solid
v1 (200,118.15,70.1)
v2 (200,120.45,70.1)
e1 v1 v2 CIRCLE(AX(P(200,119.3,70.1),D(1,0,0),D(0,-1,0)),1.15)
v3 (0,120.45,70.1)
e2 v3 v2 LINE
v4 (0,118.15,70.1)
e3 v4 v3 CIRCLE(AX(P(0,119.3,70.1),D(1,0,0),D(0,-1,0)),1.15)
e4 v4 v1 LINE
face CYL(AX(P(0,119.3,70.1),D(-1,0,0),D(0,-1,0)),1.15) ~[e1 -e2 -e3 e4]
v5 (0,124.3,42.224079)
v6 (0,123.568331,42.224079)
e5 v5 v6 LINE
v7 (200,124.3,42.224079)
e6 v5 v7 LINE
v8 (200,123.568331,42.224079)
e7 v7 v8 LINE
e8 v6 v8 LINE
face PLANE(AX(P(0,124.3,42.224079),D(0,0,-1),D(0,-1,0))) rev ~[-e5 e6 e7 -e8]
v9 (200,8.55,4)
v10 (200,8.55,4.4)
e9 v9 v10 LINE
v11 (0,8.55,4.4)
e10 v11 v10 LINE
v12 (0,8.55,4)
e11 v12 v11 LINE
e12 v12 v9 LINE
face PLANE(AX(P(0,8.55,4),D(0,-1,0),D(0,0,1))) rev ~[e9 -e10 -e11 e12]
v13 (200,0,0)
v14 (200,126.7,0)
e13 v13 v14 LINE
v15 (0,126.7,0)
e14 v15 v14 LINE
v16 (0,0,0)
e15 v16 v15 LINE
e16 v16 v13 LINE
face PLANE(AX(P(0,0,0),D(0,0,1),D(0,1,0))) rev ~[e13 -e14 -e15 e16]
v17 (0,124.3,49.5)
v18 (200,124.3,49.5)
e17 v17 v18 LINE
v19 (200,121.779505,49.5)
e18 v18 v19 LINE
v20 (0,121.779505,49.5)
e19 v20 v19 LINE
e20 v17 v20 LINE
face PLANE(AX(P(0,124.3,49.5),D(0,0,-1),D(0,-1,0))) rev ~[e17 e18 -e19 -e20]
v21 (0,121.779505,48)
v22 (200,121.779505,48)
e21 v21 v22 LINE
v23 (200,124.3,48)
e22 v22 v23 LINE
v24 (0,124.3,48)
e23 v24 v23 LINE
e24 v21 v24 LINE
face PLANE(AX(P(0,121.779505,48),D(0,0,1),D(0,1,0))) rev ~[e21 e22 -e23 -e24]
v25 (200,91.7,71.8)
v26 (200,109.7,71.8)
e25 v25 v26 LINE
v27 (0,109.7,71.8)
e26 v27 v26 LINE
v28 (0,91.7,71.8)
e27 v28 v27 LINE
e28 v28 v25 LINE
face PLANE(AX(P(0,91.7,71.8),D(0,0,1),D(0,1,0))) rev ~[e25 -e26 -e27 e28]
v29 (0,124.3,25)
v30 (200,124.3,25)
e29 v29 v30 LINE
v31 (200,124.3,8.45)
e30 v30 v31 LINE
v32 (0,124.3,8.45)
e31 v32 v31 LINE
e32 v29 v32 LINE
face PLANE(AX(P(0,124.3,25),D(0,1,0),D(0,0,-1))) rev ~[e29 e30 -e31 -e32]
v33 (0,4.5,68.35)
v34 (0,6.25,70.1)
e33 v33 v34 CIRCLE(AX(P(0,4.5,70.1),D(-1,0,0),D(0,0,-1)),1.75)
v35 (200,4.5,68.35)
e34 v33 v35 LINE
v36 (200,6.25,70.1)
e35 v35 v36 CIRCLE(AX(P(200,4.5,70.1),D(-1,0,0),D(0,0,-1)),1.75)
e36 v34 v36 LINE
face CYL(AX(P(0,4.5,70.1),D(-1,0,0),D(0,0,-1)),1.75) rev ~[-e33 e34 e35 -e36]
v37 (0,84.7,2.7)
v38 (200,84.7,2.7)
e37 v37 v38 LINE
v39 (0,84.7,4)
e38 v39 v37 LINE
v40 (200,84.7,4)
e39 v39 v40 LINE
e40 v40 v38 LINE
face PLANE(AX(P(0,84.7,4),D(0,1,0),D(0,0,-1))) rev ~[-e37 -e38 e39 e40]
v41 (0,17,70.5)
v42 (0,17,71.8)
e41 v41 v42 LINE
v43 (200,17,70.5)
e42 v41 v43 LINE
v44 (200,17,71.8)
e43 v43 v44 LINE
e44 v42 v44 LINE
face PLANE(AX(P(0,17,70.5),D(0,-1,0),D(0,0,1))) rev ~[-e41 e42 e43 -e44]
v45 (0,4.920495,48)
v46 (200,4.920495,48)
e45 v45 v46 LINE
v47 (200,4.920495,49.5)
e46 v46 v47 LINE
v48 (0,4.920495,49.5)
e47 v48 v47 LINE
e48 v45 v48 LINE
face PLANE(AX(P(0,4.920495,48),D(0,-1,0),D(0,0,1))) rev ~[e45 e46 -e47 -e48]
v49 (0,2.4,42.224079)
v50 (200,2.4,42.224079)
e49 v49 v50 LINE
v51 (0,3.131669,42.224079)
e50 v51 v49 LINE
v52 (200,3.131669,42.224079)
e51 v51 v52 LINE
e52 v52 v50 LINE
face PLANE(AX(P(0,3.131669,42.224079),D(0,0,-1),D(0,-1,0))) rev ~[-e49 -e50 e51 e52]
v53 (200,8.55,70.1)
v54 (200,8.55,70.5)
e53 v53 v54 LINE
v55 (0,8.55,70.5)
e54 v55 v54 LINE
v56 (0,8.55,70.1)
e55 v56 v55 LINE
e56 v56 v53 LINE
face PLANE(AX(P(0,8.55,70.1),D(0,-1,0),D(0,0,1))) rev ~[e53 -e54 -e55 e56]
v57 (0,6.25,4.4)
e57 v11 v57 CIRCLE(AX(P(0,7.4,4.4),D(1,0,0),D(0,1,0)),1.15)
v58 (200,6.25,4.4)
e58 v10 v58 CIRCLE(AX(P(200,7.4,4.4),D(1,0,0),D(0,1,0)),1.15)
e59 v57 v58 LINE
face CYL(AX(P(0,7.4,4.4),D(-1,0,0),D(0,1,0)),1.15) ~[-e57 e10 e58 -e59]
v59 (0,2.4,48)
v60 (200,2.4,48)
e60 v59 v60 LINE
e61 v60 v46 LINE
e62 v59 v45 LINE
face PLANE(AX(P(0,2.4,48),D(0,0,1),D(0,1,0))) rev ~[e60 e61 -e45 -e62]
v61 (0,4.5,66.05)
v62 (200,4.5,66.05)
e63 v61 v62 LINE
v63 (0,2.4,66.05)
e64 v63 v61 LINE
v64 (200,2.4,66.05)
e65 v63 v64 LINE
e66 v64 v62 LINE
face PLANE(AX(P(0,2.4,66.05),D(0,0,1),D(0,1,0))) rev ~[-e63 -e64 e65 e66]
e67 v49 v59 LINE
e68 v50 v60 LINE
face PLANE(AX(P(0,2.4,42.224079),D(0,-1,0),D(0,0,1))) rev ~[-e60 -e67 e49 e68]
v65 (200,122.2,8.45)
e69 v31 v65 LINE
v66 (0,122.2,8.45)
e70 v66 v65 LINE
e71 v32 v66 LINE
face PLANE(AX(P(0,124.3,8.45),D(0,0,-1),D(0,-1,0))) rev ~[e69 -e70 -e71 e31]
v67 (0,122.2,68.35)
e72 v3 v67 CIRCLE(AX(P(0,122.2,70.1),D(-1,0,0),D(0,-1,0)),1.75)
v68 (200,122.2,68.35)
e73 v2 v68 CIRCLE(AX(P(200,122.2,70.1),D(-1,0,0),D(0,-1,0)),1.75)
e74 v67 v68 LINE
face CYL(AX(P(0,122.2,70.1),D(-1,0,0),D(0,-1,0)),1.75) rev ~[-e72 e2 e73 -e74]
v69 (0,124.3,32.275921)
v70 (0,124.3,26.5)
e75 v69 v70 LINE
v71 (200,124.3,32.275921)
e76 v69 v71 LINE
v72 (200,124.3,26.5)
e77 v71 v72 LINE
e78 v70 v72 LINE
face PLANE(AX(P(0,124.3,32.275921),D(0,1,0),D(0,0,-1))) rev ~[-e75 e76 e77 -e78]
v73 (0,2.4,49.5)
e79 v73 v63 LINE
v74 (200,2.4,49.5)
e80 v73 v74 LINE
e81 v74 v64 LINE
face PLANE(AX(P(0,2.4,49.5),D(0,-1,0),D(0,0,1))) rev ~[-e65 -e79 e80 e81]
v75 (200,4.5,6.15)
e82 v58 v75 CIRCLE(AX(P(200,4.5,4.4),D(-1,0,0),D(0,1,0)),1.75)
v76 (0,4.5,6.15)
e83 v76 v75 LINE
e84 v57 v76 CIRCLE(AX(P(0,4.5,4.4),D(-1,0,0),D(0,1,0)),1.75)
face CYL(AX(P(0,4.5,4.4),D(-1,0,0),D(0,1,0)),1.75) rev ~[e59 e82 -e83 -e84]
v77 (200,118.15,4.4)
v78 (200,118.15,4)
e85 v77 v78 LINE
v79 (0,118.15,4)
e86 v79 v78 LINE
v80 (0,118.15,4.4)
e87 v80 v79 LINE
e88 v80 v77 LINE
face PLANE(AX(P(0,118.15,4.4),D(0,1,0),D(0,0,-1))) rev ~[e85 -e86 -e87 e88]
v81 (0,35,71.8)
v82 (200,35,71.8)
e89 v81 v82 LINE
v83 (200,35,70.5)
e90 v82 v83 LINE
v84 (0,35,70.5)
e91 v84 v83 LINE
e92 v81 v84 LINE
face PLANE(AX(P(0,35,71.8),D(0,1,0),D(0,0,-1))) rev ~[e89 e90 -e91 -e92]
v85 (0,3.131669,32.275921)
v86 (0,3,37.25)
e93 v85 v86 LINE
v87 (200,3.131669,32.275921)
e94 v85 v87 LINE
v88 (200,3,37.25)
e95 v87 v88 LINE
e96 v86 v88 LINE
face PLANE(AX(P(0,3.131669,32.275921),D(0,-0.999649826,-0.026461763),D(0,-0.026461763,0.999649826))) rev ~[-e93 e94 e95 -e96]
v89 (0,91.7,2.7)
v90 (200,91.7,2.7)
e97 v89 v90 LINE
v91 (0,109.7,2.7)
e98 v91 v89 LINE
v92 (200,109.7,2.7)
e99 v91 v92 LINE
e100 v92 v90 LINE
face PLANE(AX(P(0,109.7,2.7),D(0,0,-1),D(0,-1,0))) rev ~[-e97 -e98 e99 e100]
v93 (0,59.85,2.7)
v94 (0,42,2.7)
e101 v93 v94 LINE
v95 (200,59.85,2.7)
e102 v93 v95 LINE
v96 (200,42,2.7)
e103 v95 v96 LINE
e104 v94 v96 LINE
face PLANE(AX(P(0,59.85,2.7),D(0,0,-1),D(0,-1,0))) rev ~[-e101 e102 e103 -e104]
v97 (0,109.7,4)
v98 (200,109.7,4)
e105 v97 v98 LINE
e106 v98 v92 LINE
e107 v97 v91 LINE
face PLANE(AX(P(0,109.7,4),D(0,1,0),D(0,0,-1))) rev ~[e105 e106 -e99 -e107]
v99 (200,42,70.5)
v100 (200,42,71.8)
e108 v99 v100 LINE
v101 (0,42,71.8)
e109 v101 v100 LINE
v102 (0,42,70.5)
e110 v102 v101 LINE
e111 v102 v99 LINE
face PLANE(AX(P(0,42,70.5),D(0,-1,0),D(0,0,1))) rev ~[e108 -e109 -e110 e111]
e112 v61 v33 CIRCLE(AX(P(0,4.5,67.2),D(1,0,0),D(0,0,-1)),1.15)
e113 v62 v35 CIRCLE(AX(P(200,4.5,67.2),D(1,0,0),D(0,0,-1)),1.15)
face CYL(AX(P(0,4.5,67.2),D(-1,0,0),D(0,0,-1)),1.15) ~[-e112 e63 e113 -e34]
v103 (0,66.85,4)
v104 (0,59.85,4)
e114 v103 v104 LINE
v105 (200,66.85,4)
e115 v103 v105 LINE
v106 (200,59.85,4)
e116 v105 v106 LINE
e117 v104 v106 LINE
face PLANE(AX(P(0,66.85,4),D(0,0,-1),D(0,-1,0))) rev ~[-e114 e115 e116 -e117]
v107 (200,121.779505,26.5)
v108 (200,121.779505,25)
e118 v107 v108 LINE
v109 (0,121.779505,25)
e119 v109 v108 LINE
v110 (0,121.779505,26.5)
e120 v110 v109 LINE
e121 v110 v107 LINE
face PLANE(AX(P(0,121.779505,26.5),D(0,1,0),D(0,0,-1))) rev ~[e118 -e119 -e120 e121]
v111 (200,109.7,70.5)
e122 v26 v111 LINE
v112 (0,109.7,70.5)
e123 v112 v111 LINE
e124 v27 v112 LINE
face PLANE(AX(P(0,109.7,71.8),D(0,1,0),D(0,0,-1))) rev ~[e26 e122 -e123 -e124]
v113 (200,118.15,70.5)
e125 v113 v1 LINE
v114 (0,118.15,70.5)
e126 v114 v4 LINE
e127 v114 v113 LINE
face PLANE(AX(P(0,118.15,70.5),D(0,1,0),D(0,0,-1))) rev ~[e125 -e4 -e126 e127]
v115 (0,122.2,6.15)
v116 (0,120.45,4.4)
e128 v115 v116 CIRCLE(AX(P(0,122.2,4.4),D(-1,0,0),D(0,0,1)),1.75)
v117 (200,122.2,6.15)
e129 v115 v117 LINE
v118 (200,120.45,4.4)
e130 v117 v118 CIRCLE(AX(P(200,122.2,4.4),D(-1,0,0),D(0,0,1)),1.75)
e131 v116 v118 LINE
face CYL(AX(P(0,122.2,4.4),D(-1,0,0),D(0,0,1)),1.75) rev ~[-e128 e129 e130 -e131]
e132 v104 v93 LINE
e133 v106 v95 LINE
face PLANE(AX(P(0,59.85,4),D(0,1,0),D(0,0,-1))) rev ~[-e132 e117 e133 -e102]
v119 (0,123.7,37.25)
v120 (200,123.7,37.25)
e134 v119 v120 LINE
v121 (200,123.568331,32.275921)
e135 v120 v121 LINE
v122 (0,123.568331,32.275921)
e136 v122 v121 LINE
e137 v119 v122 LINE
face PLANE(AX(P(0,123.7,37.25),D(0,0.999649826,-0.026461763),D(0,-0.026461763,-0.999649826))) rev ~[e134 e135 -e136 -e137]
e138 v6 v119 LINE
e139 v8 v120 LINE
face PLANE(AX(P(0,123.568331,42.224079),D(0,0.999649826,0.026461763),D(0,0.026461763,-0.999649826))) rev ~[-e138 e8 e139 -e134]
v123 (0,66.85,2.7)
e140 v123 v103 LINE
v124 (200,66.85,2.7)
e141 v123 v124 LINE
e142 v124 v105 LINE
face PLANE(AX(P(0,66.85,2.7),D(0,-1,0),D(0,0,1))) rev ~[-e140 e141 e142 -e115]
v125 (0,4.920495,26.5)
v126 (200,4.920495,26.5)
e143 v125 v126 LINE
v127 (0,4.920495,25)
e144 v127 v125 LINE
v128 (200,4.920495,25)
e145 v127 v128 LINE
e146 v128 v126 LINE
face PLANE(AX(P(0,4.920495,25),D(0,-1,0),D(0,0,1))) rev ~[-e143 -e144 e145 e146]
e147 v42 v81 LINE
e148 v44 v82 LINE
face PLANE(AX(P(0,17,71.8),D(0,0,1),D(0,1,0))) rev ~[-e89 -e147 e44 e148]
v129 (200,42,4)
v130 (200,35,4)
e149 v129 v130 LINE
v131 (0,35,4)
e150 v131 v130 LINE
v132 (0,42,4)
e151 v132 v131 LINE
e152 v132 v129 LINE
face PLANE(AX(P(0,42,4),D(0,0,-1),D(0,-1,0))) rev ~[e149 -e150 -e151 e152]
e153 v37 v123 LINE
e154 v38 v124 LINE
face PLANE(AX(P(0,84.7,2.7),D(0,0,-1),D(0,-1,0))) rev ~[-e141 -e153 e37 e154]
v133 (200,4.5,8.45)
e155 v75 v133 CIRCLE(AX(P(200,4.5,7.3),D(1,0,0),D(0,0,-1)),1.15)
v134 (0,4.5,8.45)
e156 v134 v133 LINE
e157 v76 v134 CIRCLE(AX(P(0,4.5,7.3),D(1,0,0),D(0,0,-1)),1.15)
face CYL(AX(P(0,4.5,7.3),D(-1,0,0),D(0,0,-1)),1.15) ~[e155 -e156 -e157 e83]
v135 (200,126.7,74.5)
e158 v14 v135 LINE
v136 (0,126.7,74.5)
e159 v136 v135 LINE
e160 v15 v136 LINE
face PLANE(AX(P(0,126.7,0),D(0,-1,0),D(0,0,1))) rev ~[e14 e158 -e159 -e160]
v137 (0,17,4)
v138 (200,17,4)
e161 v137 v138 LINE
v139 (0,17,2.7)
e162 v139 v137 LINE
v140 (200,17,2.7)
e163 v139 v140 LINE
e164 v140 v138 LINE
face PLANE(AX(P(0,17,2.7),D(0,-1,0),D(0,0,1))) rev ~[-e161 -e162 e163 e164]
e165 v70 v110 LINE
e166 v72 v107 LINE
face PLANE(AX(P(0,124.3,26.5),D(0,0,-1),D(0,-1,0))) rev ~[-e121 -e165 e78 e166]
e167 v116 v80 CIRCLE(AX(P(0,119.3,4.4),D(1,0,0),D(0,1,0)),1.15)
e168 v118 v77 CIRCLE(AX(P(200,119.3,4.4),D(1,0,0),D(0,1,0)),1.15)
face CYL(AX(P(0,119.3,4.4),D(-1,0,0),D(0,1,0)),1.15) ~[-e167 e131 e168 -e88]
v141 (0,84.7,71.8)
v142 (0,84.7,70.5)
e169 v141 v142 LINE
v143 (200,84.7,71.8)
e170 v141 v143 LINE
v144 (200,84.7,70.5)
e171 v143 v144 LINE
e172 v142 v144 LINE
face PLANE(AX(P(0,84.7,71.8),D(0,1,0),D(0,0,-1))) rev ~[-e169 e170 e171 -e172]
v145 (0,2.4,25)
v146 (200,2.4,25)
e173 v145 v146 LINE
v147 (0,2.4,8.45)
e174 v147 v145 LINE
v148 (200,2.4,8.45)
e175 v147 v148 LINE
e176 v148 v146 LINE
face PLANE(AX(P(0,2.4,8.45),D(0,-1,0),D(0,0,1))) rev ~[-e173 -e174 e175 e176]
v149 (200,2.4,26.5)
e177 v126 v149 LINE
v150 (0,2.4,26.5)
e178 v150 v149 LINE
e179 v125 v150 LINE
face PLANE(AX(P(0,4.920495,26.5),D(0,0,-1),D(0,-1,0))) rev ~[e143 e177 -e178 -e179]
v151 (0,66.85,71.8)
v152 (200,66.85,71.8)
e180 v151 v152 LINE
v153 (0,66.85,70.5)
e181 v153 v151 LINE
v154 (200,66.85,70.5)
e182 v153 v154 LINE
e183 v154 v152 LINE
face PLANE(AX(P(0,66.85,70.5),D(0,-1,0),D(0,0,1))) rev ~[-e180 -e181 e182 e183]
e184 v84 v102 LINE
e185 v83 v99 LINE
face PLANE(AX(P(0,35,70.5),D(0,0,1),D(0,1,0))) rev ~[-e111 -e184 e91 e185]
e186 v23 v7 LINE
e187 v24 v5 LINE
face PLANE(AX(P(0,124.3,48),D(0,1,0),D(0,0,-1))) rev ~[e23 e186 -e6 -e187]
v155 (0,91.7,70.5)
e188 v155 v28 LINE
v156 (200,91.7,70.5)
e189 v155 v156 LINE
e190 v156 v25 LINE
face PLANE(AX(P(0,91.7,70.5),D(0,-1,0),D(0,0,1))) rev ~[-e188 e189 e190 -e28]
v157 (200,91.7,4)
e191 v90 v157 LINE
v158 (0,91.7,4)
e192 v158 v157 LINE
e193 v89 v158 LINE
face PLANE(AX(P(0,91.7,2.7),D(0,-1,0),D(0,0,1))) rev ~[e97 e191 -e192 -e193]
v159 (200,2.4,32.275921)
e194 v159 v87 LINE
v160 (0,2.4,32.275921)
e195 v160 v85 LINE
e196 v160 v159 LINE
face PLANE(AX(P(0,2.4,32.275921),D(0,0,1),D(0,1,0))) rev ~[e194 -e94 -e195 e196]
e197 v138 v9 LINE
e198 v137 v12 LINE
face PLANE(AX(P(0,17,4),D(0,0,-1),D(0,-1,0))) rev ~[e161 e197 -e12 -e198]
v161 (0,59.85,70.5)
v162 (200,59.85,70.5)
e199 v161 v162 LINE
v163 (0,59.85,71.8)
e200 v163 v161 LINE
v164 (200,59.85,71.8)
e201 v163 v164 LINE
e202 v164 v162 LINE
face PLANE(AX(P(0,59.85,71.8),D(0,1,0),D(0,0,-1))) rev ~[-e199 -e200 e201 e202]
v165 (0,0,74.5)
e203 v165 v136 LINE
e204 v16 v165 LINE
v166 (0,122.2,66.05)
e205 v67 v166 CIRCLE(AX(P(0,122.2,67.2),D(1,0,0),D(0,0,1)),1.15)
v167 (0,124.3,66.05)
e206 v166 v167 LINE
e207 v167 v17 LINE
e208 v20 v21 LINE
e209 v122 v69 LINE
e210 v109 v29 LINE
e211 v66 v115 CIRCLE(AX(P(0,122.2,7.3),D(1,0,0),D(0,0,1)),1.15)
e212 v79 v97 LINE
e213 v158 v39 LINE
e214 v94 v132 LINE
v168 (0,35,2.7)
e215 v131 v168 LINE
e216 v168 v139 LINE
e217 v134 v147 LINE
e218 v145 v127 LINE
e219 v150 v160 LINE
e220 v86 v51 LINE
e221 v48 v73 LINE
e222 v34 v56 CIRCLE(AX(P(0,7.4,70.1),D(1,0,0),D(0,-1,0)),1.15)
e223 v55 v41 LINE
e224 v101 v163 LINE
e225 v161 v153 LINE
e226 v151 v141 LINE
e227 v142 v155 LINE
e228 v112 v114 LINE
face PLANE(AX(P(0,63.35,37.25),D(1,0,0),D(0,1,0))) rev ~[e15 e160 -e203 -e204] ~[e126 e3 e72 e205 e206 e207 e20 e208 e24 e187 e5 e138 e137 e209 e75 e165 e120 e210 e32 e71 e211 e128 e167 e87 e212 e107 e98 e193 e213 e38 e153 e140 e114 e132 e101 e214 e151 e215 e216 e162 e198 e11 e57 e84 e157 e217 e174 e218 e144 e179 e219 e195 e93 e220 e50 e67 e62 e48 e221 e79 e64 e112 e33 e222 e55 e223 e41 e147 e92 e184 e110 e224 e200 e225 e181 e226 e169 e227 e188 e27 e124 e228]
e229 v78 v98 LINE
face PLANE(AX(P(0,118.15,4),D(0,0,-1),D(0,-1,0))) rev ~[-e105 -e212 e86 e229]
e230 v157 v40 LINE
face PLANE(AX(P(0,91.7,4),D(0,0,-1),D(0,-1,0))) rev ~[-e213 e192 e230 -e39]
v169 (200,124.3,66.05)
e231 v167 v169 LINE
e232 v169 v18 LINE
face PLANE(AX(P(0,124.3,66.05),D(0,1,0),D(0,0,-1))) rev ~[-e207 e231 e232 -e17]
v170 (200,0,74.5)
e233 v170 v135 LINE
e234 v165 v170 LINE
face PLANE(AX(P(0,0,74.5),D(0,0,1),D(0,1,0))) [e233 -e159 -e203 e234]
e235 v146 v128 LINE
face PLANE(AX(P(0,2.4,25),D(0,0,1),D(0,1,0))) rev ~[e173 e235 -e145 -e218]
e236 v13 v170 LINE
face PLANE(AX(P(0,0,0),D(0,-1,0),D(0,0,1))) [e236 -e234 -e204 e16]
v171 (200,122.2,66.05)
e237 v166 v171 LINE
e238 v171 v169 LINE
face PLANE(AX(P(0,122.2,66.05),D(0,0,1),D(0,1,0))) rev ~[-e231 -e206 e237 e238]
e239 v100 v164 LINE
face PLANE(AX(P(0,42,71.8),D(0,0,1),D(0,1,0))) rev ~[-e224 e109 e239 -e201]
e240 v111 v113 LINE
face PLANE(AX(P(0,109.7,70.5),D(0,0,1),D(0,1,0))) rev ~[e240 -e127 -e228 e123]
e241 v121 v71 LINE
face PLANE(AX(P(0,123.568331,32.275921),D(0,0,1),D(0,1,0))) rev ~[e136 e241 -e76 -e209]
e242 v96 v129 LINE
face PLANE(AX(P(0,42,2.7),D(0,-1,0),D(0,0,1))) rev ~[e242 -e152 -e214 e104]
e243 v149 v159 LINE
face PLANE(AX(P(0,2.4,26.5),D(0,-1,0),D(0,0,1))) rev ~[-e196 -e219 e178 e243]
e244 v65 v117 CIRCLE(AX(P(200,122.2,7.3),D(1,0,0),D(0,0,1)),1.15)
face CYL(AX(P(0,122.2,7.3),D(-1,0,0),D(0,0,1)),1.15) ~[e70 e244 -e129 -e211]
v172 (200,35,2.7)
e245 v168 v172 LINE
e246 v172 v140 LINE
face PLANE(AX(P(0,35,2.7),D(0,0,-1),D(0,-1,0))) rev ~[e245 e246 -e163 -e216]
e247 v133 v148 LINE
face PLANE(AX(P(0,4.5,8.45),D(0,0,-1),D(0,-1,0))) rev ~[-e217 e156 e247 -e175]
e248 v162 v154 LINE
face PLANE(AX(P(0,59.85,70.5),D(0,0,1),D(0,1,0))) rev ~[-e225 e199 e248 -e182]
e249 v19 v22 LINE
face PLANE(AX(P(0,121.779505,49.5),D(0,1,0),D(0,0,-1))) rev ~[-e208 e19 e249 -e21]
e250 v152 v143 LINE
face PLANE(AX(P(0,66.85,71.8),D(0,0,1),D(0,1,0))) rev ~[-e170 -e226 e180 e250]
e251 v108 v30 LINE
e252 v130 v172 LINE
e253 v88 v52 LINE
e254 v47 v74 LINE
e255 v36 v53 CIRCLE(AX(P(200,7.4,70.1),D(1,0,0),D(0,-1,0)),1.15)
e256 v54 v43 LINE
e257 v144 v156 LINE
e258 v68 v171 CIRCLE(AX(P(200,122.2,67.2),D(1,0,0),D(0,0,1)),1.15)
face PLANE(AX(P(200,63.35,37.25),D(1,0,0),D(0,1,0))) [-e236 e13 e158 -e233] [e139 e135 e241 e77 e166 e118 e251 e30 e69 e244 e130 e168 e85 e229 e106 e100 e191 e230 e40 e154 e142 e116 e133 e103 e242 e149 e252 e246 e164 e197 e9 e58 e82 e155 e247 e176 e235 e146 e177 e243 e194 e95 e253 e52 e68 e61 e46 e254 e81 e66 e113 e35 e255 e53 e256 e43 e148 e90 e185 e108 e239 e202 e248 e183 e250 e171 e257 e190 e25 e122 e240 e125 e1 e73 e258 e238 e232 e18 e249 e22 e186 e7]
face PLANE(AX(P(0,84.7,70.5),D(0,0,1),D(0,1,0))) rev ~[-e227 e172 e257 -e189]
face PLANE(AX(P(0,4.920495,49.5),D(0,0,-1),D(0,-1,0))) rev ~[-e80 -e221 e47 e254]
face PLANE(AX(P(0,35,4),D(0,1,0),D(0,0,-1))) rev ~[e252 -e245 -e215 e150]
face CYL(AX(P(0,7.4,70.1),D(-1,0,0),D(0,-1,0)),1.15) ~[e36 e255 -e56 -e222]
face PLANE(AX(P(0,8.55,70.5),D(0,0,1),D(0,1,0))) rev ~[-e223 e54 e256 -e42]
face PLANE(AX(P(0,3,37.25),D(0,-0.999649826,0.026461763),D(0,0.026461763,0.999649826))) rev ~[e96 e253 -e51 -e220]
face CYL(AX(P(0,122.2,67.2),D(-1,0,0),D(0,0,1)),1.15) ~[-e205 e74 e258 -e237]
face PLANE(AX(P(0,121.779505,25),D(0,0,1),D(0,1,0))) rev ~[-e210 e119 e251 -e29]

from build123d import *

# Parameters (mm, degrees)
F0_W     = 126.7
F0_H     = 74.5
F1_DEPTH = 200


with BuildPart() as f1:
    # F0 (on Right) → F1 (new body)
    with BuildSketch(Plane.YZ):
        with Locations((63.35, 37.25)):
            Rectangle(F0_W, F0_H)
        with BuildLine():
            Line((59.85, 70.5), (63.35, 70.5))
            Line((63.35, 70.5), (66.85, 70.5))
            Line((66.85, 70.5), (66.85, 71.8))
            Line((66.85, 71.8), (84.7, 71.8))
            Line((84.7, 71.8), (84.7, 70.5))
            Line((84.7, 70.5), (91.7, 70.5))
            Line((91.7, 70.5), (91.7, 71.8))
            Line((91.7, 71.8), (109.7, 71.8))
            Line((109.7, 71.8), (109.7, 70.5))
            Line((109.7, 70.5), (118.15, 70.5))
            Line((118.15, 70.5), (118.15, 70.1))
            ThreePointArc((118.15, 70.1), (119.3, 68.95), (120.45, 70.1))
            ThreePointArc((120.45, 70.1), (123.4374368671, 71.3374368671), (122.2, 68.35))
            ThreePointArc((122.2, 68.35), (121.05, 67.2), (122.2, 66.05))
            Line((122.2, 66.05), (124.3, 66.05))
            Line((124.3, 66.05), (124.3, 49.5))
            Line((124.3, 49.5), (121.7795047916, 49.5))
            Line((121.7795047916, 49.5), (121.7795047916, 48))
            Line((121.7795047916, 48), (124.3, 48))
            Line((124.3, 48), (124.3, 42.2240793705))
            Line((124.3, 42.2240793705), (123.5683309853, 42.2240793705))
            Line((123.5683309853, 42.2240793705), (123.7, 37.25))
            Line((123.7, 37.25), (123.5683309853, 32.2759206295))
            Line((123.5683309853, 32.2759206295), (124.3, 32.2759206295))
            Line((124.3, 32.2759206295), (124.3, 26.5))
            Line((124.3, 26.5), (121.7795047916, 26.5))
            Line((121.7795047916, 26.5), (121.7795047916, 25))
            Line((121.7795047916, 25), (124.3, 25))
            Line((124.3, 25), (124.3, 8.45))
            Line((124.3, 8.45), (122.2, 8.45))
            ThreePointArc((122.2, 8.45), (121.05, 7.3), (122.2, 6.15))
            ThreePointArc((122.2, 6.15), (123.4374368671, 3.1625631329), (120.45, 4.4))
            ThreePointArc((120.45, 4.4), (119.3, 5.55), (118.15, 4.4))
            Line((118.15, 4.4), (118.15, 4))
            Line((118.15, 4), (109.7, 4))
            Line((109.7, 4), (109.7, 2.7))
            Line((109.7, 2.7), (91.7, 2.7))
            Line((91.7, 2.7), (91.7, 4))
            Line((91.7, 4), (84.7, 4))
            Line((84.7, 4), (84.7, 2.7))
            Line((84.7, 2.7), (66.85, 2.7))
            Line((66.85, 2.7), (66.85, 4))
            Line((66.85, 4), (63.35, 4))
            Line((63.35, 4), (59.85, 4))
            Line((59.85, 4), (59.85, 2.7))
            Line((59.85, 2.7), (42, 2.7))
            Line((42, 2.7), (42, 4))
            Line((42, 4), (35, 4))
            Line((35, 4), (35, 2.7))
            Line((35, 2.7), (17, 2.7))
            Line((17, 2.7), (17, 4))
            Line((17, 4), (8.55, 4))
            Line((8.55, 4), (8.55, 4.4))
            ThreePointArc((8.55, 4.4), (7.4, 5.55), (6.25, 4.4))
            ThreePointArc((6.25, 4.4), (3.2625631329, 3.1625631329), (4.5, 6.15))
            ThreePointArc((4.5, 6.15), (5.65, 7.3), (4.5, 8.45))
            Line((4.5, 8.45), (2.4, 8.45))
            Line((2.4, 8.45), (2.4, 25))
            Line((2.4, 25), (4.9204952084, 25))
            Line((4.9204952084, 25), (4.9204952084, 26.5))
            Line((4.9204952084, 26.5), (2.4, 26.5))
            Line((2.4, 26.5), (2.4, 32.2759206295))
            Line((2.4, 32.2759206295), (3.1316690147, 32.2759206295))
            Line((3.1316690147, 32.2759206295), (3, 37.25))
            Line((3, 37.25), (3.1316690147, 42.2240793705))
            Line((3.1316690147, 42.2240793705), (2.4, 42.2240793705))
            Line((2.4, 42.2240793705), (2.4, 48))
            Line((2.4, 48), (4.9204952084, 48))
            Line((4.9204952084, 48), (4.9204952084, 49.5))
            Line((4.9204952084, 49.5), (2.4, 49.5))
            Line((2.4, 49.5), (2.4, 66.05))
            Line((2.4, 66.05), (4.5, 66.05))
            ThreePointArc((4.5, 66.05), (5.65, 67.2), (4.5, 68.35))
            ThreePointArc((4.5, 68.35), (3.2625631329, 71.3374368671), (6.25, 70.1))
            ThreePointArc((6.25, 70.1), (7.4, 68.95), (8.55, 70.1))
            Line((8.55, 70.1), (8.55, 70.5))
            Line((8.55, 70.5), (17, 70.5))
            Line((17, 70.5), (17, 71.8))
            Line((17, 71.8), (35, 71.8))
            Line((35, 71.8), (35, 70.5))
            Line((35, 70.5), (42, 70.5))
            Line((42, 70.5), (42, 71.8))
            Line((42, 71.8), (59.85, 71.8))
            Line((59.85, 71.8), (59.85, 70.5))
        make_face(mode=Mode.SUBTRACT)
    extrude(amount=F1_DEPTH)


solid = f1.part
